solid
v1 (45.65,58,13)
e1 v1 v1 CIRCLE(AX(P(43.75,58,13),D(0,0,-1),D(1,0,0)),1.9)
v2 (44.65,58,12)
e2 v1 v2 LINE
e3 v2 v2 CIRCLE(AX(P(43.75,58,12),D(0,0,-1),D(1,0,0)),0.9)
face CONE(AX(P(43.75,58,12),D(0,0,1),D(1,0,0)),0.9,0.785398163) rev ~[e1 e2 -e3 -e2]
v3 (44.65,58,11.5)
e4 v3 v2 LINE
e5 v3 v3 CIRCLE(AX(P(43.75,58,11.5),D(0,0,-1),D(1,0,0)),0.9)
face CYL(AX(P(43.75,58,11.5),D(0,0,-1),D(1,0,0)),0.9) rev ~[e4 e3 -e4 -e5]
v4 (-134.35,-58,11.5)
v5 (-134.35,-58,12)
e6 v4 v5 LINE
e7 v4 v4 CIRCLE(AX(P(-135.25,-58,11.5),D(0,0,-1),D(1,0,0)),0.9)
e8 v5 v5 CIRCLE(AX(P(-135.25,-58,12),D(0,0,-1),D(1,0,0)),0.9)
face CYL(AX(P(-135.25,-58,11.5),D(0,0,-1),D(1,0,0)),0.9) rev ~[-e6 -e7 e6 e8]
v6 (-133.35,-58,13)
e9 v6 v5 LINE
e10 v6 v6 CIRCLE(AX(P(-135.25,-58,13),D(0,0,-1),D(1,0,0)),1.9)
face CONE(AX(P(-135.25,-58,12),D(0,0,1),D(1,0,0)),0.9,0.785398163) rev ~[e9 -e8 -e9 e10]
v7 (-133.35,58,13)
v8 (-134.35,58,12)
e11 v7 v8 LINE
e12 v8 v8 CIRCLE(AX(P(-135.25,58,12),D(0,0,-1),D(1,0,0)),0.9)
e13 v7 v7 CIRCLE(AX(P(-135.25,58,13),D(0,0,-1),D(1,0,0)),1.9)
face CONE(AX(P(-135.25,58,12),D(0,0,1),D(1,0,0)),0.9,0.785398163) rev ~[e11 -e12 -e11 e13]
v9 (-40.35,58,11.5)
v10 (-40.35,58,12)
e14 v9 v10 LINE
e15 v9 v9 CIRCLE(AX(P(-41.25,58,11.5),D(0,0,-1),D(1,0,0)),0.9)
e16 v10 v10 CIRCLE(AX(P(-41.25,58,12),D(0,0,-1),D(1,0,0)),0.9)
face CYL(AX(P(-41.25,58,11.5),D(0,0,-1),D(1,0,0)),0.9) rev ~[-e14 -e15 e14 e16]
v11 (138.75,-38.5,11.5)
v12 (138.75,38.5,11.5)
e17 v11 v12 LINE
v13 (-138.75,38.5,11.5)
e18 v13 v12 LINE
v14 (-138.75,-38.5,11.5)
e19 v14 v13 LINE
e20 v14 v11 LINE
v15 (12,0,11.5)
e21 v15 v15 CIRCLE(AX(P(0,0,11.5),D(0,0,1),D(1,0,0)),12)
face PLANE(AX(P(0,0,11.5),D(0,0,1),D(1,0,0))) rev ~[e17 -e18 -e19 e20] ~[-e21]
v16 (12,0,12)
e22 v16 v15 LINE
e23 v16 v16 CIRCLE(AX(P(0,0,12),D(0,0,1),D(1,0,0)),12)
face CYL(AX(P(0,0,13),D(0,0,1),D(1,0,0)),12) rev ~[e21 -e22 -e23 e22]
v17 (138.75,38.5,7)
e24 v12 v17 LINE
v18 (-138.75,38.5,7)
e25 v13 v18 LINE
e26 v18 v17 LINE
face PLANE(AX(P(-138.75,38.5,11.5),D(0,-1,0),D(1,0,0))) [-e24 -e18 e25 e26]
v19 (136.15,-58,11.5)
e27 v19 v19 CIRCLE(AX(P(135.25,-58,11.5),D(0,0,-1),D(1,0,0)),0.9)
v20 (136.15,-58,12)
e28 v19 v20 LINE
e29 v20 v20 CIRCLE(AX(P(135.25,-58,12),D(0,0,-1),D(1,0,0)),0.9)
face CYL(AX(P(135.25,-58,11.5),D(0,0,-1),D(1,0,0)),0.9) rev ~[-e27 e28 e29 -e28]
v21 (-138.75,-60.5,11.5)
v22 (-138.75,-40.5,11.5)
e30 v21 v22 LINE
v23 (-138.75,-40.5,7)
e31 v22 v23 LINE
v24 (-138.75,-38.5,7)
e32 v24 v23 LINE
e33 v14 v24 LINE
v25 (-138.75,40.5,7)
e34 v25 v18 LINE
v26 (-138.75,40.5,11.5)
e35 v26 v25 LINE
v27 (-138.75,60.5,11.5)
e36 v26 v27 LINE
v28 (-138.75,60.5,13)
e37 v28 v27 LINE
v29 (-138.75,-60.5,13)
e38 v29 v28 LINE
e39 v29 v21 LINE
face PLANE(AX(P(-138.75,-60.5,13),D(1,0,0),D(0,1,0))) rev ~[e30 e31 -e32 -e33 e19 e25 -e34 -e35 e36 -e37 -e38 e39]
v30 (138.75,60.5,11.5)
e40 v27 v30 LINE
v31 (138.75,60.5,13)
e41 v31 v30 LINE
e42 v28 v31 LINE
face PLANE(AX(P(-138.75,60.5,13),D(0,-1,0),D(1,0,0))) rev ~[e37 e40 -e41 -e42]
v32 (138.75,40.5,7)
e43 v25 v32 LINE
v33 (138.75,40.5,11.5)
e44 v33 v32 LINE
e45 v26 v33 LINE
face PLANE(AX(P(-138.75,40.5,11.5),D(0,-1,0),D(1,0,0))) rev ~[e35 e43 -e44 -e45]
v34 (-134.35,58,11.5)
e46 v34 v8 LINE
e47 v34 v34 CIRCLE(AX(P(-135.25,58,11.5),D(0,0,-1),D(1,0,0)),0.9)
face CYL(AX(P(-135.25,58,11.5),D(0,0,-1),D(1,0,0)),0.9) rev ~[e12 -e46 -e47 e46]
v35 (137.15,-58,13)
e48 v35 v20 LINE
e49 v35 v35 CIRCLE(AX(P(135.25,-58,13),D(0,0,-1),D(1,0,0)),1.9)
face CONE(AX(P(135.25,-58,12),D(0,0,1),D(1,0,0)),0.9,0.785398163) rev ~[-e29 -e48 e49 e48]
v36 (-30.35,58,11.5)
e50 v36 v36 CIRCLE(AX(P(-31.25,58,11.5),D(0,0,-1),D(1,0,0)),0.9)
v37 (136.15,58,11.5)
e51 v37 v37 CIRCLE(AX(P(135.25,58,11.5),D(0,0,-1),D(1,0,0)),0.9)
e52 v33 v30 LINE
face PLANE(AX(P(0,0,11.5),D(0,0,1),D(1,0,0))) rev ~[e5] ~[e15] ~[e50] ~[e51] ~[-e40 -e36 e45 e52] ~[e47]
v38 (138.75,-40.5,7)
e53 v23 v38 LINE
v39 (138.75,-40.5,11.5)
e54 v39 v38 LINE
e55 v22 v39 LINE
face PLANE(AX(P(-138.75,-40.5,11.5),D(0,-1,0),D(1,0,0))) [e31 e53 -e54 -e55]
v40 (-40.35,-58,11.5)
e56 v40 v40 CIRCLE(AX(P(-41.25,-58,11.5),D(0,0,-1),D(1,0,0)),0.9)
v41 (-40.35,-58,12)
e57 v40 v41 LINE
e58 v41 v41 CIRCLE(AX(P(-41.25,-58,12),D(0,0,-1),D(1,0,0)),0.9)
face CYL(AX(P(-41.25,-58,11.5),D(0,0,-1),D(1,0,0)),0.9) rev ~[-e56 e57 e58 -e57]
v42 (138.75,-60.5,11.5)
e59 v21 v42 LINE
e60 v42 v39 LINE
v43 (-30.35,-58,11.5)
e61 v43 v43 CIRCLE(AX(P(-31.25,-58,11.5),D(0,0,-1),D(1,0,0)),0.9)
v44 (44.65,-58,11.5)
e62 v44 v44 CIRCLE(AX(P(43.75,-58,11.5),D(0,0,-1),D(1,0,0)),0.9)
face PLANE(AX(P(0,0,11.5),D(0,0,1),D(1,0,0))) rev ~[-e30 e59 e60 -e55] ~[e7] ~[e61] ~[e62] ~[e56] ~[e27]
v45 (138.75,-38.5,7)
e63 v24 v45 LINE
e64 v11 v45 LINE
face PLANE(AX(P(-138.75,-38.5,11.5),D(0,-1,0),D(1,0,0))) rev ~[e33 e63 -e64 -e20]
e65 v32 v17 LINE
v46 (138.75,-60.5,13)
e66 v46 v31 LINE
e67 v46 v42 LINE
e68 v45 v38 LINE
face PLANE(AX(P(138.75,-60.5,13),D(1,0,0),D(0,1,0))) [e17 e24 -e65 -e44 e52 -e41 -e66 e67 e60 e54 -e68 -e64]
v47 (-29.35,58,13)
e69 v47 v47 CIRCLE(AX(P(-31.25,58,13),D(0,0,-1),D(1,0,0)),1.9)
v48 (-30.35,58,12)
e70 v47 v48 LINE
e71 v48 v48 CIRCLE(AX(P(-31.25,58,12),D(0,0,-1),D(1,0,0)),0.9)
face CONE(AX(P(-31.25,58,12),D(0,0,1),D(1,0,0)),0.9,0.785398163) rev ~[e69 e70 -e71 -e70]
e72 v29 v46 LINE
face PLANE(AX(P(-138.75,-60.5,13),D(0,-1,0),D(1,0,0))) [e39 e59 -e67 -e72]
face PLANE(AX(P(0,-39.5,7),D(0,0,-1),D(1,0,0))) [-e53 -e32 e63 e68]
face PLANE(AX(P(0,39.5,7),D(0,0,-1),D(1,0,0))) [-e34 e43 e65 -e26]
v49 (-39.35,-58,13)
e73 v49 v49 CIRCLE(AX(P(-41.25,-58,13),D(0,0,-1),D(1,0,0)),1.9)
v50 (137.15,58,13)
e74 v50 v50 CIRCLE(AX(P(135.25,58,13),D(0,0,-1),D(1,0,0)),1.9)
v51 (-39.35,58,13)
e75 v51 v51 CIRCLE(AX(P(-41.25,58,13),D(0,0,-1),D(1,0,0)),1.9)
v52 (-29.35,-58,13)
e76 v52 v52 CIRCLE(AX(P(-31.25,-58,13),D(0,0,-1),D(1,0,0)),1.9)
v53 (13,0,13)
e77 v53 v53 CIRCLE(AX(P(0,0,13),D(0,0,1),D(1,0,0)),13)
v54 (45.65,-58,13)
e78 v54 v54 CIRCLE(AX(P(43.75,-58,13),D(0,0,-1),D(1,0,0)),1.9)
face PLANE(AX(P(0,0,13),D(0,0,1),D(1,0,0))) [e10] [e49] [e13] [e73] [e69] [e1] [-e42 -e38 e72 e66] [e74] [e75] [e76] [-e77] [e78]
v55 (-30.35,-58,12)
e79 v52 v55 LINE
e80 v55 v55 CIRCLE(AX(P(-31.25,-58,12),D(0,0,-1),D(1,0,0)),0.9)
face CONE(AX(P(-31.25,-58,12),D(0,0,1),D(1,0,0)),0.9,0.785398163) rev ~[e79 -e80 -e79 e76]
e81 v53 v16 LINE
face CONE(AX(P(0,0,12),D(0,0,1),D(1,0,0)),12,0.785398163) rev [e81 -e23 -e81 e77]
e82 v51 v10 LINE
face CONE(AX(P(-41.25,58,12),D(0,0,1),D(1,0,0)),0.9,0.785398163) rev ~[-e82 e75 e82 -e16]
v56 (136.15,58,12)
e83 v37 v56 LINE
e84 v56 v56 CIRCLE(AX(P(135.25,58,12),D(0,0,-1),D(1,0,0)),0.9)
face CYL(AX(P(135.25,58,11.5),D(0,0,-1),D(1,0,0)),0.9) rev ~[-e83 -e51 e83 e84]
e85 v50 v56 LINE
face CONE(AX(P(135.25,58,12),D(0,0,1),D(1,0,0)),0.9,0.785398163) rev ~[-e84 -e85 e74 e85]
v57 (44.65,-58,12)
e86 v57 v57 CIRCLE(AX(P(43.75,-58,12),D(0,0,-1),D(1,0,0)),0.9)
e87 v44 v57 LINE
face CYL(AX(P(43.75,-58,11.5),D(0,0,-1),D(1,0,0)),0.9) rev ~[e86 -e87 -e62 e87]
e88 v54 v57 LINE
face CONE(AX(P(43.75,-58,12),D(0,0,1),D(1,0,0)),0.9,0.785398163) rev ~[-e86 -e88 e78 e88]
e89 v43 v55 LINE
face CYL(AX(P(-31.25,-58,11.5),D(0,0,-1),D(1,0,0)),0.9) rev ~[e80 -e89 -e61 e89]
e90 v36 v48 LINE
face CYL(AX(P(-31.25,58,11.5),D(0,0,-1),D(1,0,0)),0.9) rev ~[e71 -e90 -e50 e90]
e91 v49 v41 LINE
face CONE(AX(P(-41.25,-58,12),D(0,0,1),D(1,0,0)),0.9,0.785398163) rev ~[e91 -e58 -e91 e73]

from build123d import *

# Parameters (mm, degrees)
SKETCH017_W     = 277.5
SKETCH017_H     = 121
PAD007_DEPTH    = 1.5
SKETCH018_R     = 0.9
POCKET006_DEPTH = 1.501
SKETCH025_W     = 277.5
SKETCH025_H     = 2
PAD009_DEPTH    = 4.5
SKETCH026_R     = 12
POCKET007_DEPTH = 6.001
CHAMFER_SIZE    = 1


with BuildPart() as part:
    # Sketch017 → Pad007 (new body)
    with BuildSketch(Plane.XY.offset(13)):
        Rectangle(SKETCH017_W, SKETCH017_H)
    extrude(amount=-PAD007_DEPTH)

    # Sketch018 (on Face6 of Pad007) → Pocket006 (cut, through all)
    with BuildSketch(Plane(origin=(0, 0, 11.5), x_dir=(1, 0, 0), z_dir=(0, 0, -1))):
        with Locations((-135.25, 58)):
            Circle(SKETCH018_R)
        with Locations((-41.25, 58)):
            Circle(SKETCH018_R)
        with Locations((-31.25, 58)):
            Circle(SKETCH018_R)
        with Locations((43.75, 58)):
            Circle(SKETCH018_R)
        with Locations((135.25, 58)):
            Circle(SKETCH018_R)
        with Locations((135.25, -58)):
            Circle(SKETCH018_R)
        with Locations((43.75, -58)):
            Circle(SKETCH018_R)
        with Locations((-31.25, -58)):
            Circle(SKETCH018_R)
        with Locations((-41.25, -58)):
            Circle(SKETCH018_R)
        with Locations((-135.25, -58)):
            Circle(SKETCH018_R)
    extrude(amount=-POCKET006_DEPTH, mode=Mode.SUBTRACT)

    # Sketch025 (on Face5 of Pocket006) → Pad009 (join)
    with BuildSketch(Plane(origin=(0, 0, 11.5), x_dir=(1, 0, 0), z_dir=(0, 0, -1))):
        with Locations((0, 39.5)):
            Rectangle(SKETCH025_W, SKETCH025_H)
        with Locations((0, -39.5)):
            Rectangle(SKETCH025_W, SKETCH025_H)
    extrude(amount=PAD009_DEPTH)

    # Sketch026 (on Face2 of Pad009) → Pocket007 (cut, through all)
    with BuildSketch(Plane.XY.offset(13)):
        Circle(SKETCH026_R)
    extrude(amount=-POCKET007_DEPTH, mode=Mode.SUBTRACT)

    # Chamfer
    chamfer_edges = [part.edges().sort_by_distance(p)[0] for p in [
        (134.35, -58, 13),
        (42.85, -58, 13),
        (-32.15, -58, 13),
        (-42.15, -58, 13),
        (-136.15, -58, 13),
        (-136.15, 58, 13),
        (-42.15, 58, 13),
        (-32.15, 58, 13),
        (42.85, 58, 13),
        (134.35, 58, 13),
        (-12, 0, 13),
    ]]
    chamfer(chamfer_edges, length=CHAMFER_SIZE)


solid = part.part
